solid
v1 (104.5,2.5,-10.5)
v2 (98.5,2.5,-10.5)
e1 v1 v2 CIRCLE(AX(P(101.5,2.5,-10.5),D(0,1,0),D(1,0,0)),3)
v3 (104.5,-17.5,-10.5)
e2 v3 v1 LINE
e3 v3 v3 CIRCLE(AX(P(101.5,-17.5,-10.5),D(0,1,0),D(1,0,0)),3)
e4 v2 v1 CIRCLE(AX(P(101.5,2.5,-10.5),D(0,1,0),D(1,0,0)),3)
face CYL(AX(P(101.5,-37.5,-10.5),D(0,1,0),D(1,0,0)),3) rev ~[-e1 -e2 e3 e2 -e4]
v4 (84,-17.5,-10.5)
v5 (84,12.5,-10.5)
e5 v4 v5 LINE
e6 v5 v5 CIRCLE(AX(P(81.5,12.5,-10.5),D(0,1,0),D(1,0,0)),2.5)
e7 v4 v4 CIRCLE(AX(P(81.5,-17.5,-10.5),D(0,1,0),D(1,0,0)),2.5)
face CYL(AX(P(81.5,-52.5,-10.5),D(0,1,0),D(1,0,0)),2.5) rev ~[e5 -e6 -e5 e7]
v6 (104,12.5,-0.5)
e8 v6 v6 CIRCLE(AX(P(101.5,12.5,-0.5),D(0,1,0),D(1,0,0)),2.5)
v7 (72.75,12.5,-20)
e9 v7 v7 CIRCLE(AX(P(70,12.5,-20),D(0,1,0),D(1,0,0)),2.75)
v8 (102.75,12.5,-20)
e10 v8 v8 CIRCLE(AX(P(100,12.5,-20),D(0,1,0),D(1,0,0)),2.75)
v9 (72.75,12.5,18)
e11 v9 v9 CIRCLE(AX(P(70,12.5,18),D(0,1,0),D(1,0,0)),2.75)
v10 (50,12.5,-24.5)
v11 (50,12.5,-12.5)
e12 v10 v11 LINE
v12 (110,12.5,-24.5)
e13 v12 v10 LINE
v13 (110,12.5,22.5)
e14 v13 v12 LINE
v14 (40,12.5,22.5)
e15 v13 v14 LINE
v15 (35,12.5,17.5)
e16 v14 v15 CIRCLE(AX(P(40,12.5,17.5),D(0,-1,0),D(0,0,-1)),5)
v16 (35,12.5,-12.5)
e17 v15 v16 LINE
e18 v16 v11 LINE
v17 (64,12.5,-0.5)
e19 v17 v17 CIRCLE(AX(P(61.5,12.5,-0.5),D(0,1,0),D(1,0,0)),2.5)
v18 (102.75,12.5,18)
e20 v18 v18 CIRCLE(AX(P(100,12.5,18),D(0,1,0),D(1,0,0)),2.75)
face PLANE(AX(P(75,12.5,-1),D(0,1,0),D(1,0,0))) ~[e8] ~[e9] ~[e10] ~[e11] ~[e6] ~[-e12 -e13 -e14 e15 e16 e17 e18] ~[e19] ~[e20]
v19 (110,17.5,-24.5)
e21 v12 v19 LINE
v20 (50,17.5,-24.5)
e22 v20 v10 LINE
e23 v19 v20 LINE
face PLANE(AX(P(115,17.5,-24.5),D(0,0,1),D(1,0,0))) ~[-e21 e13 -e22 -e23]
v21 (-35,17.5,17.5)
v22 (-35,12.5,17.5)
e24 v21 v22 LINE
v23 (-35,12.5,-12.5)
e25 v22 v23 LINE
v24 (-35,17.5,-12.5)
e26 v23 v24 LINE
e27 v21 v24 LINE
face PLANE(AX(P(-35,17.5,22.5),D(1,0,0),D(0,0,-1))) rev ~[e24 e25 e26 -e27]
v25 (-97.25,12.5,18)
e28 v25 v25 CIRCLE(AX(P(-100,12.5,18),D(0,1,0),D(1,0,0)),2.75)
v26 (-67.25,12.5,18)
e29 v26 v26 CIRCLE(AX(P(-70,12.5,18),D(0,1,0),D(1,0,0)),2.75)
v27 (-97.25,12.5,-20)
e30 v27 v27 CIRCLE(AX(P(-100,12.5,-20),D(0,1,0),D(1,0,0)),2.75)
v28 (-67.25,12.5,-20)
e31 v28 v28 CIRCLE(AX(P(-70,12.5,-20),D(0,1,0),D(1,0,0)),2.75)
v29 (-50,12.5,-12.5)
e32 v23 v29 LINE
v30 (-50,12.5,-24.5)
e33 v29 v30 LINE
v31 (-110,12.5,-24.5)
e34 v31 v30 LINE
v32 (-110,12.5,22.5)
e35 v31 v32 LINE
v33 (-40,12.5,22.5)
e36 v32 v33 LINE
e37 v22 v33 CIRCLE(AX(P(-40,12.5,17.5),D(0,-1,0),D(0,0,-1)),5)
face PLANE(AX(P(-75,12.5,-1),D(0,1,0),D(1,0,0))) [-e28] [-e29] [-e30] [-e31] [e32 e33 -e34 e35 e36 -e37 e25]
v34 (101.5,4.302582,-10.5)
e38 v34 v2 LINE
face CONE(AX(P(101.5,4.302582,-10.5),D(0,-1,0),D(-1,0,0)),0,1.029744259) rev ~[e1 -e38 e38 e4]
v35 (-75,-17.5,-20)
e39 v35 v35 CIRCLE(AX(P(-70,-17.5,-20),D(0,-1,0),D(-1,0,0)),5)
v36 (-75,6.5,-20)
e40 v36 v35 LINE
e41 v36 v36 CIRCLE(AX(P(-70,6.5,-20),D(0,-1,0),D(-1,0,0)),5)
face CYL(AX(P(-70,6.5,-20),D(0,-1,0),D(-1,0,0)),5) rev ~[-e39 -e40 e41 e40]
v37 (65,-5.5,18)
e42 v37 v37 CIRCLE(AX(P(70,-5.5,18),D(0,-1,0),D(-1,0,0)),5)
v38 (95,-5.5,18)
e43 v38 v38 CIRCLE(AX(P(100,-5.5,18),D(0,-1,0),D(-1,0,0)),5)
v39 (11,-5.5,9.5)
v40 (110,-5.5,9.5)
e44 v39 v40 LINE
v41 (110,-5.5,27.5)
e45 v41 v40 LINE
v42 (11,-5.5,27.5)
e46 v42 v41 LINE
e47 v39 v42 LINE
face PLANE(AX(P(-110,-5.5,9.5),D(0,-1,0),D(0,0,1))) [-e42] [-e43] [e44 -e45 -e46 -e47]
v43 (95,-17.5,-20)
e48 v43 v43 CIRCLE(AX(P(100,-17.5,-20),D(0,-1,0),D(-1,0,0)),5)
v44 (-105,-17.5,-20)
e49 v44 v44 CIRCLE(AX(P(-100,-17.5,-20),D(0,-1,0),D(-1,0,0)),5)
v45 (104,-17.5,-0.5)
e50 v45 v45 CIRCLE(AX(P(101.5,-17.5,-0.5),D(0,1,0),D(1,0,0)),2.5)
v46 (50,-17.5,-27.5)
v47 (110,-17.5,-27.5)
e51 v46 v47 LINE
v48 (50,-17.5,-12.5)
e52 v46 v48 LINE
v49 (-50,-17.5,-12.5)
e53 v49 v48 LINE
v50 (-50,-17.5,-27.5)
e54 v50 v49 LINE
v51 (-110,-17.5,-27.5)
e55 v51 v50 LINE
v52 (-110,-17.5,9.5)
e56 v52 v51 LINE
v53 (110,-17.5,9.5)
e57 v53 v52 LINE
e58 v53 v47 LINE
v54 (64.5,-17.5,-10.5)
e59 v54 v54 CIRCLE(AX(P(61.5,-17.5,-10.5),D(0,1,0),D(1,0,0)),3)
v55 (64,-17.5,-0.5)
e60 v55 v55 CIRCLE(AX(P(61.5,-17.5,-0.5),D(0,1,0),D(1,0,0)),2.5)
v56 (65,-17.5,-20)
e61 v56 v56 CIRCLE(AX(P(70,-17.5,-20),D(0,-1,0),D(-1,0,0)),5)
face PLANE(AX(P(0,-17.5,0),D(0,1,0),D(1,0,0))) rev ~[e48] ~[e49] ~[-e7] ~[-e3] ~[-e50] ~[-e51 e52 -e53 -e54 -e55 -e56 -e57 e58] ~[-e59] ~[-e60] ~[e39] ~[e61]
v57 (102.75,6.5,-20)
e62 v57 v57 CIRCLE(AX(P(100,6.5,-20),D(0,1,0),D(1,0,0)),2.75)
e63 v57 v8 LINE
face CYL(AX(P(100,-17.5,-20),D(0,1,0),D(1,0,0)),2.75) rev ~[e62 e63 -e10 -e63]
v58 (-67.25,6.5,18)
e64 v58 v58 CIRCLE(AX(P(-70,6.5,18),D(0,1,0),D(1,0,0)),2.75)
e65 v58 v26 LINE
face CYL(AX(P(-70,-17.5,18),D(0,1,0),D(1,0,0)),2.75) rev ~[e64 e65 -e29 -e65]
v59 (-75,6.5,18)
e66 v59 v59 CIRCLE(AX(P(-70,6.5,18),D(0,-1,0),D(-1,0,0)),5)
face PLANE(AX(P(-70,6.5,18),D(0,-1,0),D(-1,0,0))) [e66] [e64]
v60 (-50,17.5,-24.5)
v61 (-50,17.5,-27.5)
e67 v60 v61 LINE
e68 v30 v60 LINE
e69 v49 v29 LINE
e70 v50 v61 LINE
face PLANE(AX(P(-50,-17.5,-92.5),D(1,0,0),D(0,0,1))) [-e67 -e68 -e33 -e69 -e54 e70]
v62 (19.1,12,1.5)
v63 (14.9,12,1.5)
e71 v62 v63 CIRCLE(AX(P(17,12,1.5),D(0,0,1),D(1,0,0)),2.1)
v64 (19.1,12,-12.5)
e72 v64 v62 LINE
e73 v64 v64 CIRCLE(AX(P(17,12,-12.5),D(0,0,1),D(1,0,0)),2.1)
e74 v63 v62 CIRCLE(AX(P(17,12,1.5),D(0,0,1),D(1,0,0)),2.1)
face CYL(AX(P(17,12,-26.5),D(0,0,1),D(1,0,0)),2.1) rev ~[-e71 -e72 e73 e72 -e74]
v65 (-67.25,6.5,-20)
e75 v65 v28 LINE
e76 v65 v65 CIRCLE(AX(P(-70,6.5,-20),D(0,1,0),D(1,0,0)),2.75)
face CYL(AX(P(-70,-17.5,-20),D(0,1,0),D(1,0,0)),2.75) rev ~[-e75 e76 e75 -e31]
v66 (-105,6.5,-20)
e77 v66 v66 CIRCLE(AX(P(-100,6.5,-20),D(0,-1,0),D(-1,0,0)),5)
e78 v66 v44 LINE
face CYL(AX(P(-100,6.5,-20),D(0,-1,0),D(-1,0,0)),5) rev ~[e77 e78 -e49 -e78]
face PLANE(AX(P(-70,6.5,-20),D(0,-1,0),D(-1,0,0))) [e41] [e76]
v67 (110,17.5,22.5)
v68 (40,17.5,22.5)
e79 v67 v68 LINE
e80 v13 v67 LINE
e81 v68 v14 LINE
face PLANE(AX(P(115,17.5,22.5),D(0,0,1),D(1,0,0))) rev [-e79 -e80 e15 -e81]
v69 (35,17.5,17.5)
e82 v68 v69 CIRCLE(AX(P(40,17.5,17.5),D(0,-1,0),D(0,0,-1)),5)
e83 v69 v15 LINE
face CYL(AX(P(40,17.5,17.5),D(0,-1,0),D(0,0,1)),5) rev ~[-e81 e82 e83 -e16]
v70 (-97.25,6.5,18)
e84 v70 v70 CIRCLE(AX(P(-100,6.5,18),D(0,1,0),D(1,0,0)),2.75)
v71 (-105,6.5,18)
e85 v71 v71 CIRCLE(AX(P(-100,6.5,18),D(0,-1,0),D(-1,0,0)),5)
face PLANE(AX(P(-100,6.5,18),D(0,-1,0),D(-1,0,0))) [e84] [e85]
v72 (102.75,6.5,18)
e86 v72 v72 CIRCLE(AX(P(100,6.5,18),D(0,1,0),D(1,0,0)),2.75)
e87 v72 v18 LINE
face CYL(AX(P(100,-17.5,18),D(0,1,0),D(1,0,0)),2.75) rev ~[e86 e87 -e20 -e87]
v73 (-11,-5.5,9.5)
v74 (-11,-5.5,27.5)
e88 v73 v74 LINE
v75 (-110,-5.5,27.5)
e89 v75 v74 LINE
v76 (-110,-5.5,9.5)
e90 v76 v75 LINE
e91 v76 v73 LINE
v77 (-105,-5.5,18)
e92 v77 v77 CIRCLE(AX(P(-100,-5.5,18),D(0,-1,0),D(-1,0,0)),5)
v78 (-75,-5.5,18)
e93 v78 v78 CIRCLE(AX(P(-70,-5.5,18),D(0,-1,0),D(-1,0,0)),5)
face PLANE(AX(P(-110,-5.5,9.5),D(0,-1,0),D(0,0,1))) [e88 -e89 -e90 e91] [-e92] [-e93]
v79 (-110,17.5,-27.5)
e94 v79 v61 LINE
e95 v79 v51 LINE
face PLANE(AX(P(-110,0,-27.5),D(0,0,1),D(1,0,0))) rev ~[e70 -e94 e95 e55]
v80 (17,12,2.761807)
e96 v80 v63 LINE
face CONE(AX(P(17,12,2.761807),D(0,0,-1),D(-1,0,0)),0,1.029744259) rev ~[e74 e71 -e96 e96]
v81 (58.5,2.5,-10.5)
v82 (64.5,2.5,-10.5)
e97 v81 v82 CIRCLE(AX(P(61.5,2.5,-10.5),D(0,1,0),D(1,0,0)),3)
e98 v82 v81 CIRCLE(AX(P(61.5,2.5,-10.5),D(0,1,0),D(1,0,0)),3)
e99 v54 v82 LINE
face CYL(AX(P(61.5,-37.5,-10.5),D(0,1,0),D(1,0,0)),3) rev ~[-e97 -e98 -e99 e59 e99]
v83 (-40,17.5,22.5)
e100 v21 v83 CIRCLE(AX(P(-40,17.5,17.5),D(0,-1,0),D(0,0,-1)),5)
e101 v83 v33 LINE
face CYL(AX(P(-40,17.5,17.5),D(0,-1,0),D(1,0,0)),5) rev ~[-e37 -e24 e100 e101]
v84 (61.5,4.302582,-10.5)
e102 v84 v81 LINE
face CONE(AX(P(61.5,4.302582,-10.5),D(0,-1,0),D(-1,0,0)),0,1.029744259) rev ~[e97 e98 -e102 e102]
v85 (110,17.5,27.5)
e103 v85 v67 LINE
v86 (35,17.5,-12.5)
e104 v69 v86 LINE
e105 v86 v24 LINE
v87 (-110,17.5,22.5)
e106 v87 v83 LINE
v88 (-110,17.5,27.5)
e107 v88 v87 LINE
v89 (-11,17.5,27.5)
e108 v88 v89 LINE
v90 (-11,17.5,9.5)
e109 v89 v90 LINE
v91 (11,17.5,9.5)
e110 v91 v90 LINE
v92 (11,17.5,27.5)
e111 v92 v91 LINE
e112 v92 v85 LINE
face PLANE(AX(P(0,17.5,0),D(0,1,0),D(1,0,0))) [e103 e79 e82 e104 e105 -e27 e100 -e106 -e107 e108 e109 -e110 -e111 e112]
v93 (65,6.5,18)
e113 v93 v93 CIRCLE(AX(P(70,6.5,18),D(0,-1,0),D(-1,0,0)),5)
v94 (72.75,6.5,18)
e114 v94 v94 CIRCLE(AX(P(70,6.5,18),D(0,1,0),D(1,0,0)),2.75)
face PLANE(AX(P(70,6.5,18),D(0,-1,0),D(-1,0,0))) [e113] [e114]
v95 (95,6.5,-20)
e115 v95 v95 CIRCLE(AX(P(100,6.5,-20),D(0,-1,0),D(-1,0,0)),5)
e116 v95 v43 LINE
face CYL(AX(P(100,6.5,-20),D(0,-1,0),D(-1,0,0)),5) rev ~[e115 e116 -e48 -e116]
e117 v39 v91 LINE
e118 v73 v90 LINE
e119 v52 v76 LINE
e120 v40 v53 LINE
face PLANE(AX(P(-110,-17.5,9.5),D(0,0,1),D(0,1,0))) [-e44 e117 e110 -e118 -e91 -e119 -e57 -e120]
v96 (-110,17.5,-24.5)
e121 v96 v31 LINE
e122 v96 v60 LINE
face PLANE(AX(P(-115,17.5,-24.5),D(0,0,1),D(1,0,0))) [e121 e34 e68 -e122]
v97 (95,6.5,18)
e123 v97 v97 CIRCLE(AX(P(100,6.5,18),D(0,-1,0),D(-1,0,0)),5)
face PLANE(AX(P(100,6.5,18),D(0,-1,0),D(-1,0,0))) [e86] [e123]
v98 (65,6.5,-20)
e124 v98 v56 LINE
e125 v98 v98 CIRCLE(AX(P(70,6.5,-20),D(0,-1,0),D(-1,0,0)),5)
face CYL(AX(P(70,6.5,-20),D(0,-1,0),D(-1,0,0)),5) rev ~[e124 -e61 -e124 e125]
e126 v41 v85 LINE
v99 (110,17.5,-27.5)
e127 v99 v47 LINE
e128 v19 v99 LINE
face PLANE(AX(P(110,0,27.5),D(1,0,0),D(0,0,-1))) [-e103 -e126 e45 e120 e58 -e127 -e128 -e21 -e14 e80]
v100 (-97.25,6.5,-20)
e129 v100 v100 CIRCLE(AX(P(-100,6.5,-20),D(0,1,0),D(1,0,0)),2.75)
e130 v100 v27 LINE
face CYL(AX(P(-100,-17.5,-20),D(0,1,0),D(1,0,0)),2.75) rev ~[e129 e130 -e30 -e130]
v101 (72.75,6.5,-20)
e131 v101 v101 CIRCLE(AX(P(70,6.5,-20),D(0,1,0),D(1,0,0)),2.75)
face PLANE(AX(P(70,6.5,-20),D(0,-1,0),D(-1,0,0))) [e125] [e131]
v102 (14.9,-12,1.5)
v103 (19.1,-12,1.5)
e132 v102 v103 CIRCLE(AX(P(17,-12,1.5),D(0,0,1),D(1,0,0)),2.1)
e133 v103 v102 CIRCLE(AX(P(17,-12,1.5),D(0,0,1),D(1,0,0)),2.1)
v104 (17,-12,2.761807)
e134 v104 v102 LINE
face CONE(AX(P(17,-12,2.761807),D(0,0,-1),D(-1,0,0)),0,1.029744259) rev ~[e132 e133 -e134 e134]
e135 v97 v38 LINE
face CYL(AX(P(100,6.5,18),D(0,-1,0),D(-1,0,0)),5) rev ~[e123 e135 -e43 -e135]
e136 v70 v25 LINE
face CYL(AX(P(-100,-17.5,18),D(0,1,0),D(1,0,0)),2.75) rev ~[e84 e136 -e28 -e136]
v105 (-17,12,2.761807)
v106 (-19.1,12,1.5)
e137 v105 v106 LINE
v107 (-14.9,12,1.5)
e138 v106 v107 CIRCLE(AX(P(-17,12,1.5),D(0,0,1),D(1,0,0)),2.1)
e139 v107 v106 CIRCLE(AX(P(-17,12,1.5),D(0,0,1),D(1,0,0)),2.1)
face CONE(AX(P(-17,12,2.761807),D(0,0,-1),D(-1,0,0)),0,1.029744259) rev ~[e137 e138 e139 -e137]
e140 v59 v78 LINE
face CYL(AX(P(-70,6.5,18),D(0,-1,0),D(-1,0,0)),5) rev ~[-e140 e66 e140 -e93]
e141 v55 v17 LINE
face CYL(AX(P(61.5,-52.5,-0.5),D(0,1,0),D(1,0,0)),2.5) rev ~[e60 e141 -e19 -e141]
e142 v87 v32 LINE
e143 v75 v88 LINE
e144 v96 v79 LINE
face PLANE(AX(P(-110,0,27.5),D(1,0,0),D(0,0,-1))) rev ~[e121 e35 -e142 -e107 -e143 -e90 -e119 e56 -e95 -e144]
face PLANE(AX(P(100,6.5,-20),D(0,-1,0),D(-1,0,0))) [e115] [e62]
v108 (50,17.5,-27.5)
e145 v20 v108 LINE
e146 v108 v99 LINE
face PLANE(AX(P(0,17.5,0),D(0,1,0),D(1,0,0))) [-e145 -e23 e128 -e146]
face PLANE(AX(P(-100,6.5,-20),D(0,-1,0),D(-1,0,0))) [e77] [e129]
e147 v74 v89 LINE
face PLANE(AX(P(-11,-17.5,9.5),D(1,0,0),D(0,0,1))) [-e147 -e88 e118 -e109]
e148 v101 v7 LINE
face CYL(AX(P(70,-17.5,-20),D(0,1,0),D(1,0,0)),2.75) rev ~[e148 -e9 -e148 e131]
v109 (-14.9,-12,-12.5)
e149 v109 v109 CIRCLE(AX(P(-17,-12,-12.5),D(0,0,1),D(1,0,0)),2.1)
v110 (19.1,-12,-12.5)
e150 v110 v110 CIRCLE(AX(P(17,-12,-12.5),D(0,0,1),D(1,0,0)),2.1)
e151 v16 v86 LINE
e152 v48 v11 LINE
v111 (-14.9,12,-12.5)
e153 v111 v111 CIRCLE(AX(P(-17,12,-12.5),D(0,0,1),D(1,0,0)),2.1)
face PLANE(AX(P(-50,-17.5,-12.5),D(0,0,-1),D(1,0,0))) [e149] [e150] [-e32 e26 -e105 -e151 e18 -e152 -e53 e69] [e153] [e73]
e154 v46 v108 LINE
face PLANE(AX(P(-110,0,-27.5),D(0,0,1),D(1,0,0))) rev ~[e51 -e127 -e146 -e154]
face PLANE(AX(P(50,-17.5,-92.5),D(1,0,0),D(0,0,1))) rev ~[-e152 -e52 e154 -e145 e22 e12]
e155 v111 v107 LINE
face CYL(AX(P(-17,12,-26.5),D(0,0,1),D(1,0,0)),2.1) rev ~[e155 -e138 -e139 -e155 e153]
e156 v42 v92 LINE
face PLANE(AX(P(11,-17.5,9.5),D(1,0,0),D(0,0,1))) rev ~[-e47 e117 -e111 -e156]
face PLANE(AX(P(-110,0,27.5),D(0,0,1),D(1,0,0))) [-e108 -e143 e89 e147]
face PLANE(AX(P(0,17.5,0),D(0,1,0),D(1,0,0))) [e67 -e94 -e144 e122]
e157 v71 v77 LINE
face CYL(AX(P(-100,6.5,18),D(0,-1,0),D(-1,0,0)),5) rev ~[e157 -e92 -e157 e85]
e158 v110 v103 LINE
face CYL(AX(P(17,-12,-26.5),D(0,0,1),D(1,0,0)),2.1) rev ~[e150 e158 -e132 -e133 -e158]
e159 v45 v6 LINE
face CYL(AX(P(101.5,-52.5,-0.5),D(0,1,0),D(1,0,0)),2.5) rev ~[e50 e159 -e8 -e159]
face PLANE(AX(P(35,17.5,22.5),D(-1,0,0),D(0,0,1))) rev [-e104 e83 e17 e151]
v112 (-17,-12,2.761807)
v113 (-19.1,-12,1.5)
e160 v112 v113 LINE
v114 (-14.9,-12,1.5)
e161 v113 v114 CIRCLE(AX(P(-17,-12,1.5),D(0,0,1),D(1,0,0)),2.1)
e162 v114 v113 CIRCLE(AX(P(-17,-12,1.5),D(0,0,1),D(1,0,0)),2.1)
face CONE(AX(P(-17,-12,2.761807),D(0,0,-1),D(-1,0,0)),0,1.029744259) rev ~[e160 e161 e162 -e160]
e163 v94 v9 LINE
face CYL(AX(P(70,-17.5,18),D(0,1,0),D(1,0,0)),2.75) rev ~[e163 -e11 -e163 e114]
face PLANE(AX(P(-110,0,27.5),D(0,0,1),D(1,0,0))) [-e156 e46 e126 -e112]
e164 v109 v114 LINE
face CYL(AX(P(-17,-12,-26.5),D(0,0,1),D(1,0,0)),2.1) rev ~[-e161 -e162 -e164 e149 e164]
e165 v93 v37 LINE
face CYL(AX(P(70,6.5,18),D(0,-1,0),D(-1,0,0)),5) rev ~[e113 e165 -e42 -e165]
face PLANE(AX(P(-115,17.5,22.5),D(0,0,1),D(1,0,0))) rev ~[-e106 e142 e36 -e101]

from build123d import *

# Parameters (mm, degrees)
SKETCH1_W                                           = 220
SKETCH1_H                                           = 55
BOSS_EXTRUDE1_DEPTH                                 = 17.5
SKETCH2_W                                           = 80
SKETCH2_H                                           = 47
CUT_EXTRUDE1_DEPTH                                  = 5
CBORE_FOR_M5_HEX_SOCKET_HEAD_CAP_SCREW1_D           = 5.5
CBORE_FOR_M5_HEX_SOCKET_HEAD_CAP_SCREW1_CBORE_D     = 10
CBORE_FOR_M5_HEX_SOCKET_HEAD_CAP_SCREW1_CBORE_DEPTH = 24
SKETCH10_W                                          = 18
SKETCH10_H                                          = 12
CUT_EXTRUDE4_DEPTH                                  = 223.401663663
SKETCH5_W                                           = 100
SKETCH5_H                                           = 80
CUT_EXTRUDE2_DEPTH                                  = 119.664442863
SKETCH6_W                                           = 22
SKETCH6_H                                           = 44.180340856
CUT_EXTRUDE3_DEPTH                                  = 119.664442863
FILLET1_R                                           = 5
M5_TAPPED_HOLE1_D                                   = 4.2
M5_TAPPED_HOLE1_DEPTH                               = 14
M5_TAPPED_HOLE1_TIP                                 = 1.2618073
M6_TAPPED_HOLE1_D                                   = 5
M6_TAPPED_HOLE1_DEPTH                               = 35
M6_TAPPED_HOLE1_TIP                                 = 1.502151548
F_6_0MM_DOWEL_HOLE1_D                               = 6
F_6_0MM_DOWEL_HOLE1_DEPTH                           = 20
F_6_0MM_DOWEL_HOLE1_TIP                             = 1.802581857


with BuildPart() as part:
    # Sketch1 → Boss-Extrude1 (new, symmetric)
    with BuildSketch(Plane(origin=(0, 0, 0), x_dir=(1, 0, 0), z_dir=(0, 1, 0))):
        Rectangle(SKETCH1_W, SKETCH1_H)
    extrude(amount=BOSS_EXTRUDE1_DEPTH, both=True)

    # Sketch2 → Cut-Extrude1 (cut)
    with BuildSketch(Plane(origin=(0, 17.5, 0), x_dir=(1, 0, 0), z_dir=(0, 1, 0))):
        with Locations((-75, 1)):
            Rectangle(SKETCH2_W, SKETCH2_H)
    cut_extrude1 = extrude(amount=-CUT_EXTRUDE1_DEPTH, mode=Mode.SUBTRACT)

    # Mirror1: Cut-Extrude1 across plane
    add(cut_extrude1.mirror(Plane(origin=(0, 0, 0), x_dir=(0, 0, 1), z_dir=(1, 0, 0))), mode=Mode.SUBTRACT)

    # CBORE for M5 Hex Socket Head Cap Screw1 (through all)
    with Locations(Plane(origin=(0, -17.5, 0), x_dir=(-1, 0, 0), z_dir=(0, -1, 0))):
        with Locations((-100, 20), (-70, 20), (-70, -18), (-100, -18), (70, 20), (100, 20), (100, -18), (70, -18)):
            CounterBoreHole(CBORE_FOR_M5_HEX_SOCKET_HEAD_CAP_SCREW1_D / 2, CBORE_FOR_M5_HEX_SOCKET_HEAD_CAP_SCREW1_CBORE_D / 2, CBORE_FOR_M5_HEX_SOCKET_HEAD_CAP_SCREW1_CBORE_DEPTH)

    # Sketch10 → Cut-Extrude4 (cut, through all)
    with BuildSketch(Plane.ZY.offset(110)):
        with Locations((18.5, -11.5)):
            Rectangle(SKETCH10_W, SKETCH10_H)
    extrude(amount=-CUT_EXTRUDE4_DEPTH, mode=Mode.SUBTRACT)

    # Sketch5 → Cut-Extrude2 (cut, through all)
    with BuildSketch(Plane.XZ.offset(17.5)):
        with Locations((0, -52.5)):
            Rectangle(SKETCH5_W, SKETCH5_H)
    extrude(amount=-CUT_EXTRUDE2_DEPTH, mode=Mode.SUBTRACT)

    # Sketch6 → Cut-Extrude3 (cut, through all)
    with BuildSketch(Plane.XZ.offset(17.5)):
        with Locations((0, 31.590170428)):
            Rectangle(SKETCH6_W, SKETCH6_H)
    extrude(amount=-CUT_EXTRUDE3_DEPTH, mode=Mode.SUBTRACT)

    # Fillet1
    fillet1_edges = [part.edges().sort_by_distance(p)[0] for p in [
        (-35, 15, 22.5),
        (35, 15, 22.5),
    ]]
    fillet(fillet1_edges, radius=FILLET1_R)

    # M5 Tapped Hole1
    with Locations(Plane(origin=(0, 0, -12.5), x_dir=(-1, 0, 0), z_dir=(0, 0, -1))):
        with Locations((-17, 12), (17, 12), (17, -12), (-17, -12)):
            Hole(M5_TAPPED_HOLE1_D / 2, depth=M5_TAPPED_HOLE1_DEPTH)
            with Locations((0, 0, -(M5_TAPPED_HOLE1_DEPTH + M5_TAPPED_HOLE1_TIP / 2))):  # 118° drill point
                Cone(0, M5_TAPPED_HOLE1_D / 2, M5_TAPPED_HOLE1_TIP, mode=Mode.SUBTRACT)

    # M6 Tapped Hole1
    with Locations(Plane(origin=(0, -17.5, 0), x_dir=(-1, 0, 0), z_dir=(0, -1, 0))):
        with Locations((-101.5, 0.5), (-81.5, 10.5), (-61.5, 0.5)):
            Hole(M6_TAPPED_HOLE1_D / 2, depth=M6_TAPPED_HOLE1_DEPTH)
            with Locations((0, 0, -(M6_TAPPED_HOLE1_DEPTH + M6_TAPPED_HOLE1_TIP / 2))):  # 118° drill point
                Cone(0, M6_TAPPED_HOLE1_D / 2, M6_TAPPED_HOLE1_TIP, mode=Mode.SUBTRACT)

    # Ø6.0mm Dowel Hole1
    with Locations(Plane(origin=(0, -17.5, 0), x_dir=(-1, 0, 0), z_dir=(0, -1, 0))):
        with Locations((-101.5, 10.5), (-61.5, 10.5)):
            Hole(F_6_0MM_DOWEL_HOLE1_D / 2, depth=F_6_0MM_DOWEL_HOLE1_DEPTH)
            with Locations((0, 0, -(F_6_0MM_DOWEL_HOLE1_DEPTH + F_6_0MM_DOWEL_HOLE1_TIP / 2))):  # 118° drill point
                Cone(0, F_6_0MM_DOWEL_HOLE1_D / 2, F_6_0MM_DOWEL_HOLE1_TIP, mode=Mode.SUBTRACT)


solid = part.part
